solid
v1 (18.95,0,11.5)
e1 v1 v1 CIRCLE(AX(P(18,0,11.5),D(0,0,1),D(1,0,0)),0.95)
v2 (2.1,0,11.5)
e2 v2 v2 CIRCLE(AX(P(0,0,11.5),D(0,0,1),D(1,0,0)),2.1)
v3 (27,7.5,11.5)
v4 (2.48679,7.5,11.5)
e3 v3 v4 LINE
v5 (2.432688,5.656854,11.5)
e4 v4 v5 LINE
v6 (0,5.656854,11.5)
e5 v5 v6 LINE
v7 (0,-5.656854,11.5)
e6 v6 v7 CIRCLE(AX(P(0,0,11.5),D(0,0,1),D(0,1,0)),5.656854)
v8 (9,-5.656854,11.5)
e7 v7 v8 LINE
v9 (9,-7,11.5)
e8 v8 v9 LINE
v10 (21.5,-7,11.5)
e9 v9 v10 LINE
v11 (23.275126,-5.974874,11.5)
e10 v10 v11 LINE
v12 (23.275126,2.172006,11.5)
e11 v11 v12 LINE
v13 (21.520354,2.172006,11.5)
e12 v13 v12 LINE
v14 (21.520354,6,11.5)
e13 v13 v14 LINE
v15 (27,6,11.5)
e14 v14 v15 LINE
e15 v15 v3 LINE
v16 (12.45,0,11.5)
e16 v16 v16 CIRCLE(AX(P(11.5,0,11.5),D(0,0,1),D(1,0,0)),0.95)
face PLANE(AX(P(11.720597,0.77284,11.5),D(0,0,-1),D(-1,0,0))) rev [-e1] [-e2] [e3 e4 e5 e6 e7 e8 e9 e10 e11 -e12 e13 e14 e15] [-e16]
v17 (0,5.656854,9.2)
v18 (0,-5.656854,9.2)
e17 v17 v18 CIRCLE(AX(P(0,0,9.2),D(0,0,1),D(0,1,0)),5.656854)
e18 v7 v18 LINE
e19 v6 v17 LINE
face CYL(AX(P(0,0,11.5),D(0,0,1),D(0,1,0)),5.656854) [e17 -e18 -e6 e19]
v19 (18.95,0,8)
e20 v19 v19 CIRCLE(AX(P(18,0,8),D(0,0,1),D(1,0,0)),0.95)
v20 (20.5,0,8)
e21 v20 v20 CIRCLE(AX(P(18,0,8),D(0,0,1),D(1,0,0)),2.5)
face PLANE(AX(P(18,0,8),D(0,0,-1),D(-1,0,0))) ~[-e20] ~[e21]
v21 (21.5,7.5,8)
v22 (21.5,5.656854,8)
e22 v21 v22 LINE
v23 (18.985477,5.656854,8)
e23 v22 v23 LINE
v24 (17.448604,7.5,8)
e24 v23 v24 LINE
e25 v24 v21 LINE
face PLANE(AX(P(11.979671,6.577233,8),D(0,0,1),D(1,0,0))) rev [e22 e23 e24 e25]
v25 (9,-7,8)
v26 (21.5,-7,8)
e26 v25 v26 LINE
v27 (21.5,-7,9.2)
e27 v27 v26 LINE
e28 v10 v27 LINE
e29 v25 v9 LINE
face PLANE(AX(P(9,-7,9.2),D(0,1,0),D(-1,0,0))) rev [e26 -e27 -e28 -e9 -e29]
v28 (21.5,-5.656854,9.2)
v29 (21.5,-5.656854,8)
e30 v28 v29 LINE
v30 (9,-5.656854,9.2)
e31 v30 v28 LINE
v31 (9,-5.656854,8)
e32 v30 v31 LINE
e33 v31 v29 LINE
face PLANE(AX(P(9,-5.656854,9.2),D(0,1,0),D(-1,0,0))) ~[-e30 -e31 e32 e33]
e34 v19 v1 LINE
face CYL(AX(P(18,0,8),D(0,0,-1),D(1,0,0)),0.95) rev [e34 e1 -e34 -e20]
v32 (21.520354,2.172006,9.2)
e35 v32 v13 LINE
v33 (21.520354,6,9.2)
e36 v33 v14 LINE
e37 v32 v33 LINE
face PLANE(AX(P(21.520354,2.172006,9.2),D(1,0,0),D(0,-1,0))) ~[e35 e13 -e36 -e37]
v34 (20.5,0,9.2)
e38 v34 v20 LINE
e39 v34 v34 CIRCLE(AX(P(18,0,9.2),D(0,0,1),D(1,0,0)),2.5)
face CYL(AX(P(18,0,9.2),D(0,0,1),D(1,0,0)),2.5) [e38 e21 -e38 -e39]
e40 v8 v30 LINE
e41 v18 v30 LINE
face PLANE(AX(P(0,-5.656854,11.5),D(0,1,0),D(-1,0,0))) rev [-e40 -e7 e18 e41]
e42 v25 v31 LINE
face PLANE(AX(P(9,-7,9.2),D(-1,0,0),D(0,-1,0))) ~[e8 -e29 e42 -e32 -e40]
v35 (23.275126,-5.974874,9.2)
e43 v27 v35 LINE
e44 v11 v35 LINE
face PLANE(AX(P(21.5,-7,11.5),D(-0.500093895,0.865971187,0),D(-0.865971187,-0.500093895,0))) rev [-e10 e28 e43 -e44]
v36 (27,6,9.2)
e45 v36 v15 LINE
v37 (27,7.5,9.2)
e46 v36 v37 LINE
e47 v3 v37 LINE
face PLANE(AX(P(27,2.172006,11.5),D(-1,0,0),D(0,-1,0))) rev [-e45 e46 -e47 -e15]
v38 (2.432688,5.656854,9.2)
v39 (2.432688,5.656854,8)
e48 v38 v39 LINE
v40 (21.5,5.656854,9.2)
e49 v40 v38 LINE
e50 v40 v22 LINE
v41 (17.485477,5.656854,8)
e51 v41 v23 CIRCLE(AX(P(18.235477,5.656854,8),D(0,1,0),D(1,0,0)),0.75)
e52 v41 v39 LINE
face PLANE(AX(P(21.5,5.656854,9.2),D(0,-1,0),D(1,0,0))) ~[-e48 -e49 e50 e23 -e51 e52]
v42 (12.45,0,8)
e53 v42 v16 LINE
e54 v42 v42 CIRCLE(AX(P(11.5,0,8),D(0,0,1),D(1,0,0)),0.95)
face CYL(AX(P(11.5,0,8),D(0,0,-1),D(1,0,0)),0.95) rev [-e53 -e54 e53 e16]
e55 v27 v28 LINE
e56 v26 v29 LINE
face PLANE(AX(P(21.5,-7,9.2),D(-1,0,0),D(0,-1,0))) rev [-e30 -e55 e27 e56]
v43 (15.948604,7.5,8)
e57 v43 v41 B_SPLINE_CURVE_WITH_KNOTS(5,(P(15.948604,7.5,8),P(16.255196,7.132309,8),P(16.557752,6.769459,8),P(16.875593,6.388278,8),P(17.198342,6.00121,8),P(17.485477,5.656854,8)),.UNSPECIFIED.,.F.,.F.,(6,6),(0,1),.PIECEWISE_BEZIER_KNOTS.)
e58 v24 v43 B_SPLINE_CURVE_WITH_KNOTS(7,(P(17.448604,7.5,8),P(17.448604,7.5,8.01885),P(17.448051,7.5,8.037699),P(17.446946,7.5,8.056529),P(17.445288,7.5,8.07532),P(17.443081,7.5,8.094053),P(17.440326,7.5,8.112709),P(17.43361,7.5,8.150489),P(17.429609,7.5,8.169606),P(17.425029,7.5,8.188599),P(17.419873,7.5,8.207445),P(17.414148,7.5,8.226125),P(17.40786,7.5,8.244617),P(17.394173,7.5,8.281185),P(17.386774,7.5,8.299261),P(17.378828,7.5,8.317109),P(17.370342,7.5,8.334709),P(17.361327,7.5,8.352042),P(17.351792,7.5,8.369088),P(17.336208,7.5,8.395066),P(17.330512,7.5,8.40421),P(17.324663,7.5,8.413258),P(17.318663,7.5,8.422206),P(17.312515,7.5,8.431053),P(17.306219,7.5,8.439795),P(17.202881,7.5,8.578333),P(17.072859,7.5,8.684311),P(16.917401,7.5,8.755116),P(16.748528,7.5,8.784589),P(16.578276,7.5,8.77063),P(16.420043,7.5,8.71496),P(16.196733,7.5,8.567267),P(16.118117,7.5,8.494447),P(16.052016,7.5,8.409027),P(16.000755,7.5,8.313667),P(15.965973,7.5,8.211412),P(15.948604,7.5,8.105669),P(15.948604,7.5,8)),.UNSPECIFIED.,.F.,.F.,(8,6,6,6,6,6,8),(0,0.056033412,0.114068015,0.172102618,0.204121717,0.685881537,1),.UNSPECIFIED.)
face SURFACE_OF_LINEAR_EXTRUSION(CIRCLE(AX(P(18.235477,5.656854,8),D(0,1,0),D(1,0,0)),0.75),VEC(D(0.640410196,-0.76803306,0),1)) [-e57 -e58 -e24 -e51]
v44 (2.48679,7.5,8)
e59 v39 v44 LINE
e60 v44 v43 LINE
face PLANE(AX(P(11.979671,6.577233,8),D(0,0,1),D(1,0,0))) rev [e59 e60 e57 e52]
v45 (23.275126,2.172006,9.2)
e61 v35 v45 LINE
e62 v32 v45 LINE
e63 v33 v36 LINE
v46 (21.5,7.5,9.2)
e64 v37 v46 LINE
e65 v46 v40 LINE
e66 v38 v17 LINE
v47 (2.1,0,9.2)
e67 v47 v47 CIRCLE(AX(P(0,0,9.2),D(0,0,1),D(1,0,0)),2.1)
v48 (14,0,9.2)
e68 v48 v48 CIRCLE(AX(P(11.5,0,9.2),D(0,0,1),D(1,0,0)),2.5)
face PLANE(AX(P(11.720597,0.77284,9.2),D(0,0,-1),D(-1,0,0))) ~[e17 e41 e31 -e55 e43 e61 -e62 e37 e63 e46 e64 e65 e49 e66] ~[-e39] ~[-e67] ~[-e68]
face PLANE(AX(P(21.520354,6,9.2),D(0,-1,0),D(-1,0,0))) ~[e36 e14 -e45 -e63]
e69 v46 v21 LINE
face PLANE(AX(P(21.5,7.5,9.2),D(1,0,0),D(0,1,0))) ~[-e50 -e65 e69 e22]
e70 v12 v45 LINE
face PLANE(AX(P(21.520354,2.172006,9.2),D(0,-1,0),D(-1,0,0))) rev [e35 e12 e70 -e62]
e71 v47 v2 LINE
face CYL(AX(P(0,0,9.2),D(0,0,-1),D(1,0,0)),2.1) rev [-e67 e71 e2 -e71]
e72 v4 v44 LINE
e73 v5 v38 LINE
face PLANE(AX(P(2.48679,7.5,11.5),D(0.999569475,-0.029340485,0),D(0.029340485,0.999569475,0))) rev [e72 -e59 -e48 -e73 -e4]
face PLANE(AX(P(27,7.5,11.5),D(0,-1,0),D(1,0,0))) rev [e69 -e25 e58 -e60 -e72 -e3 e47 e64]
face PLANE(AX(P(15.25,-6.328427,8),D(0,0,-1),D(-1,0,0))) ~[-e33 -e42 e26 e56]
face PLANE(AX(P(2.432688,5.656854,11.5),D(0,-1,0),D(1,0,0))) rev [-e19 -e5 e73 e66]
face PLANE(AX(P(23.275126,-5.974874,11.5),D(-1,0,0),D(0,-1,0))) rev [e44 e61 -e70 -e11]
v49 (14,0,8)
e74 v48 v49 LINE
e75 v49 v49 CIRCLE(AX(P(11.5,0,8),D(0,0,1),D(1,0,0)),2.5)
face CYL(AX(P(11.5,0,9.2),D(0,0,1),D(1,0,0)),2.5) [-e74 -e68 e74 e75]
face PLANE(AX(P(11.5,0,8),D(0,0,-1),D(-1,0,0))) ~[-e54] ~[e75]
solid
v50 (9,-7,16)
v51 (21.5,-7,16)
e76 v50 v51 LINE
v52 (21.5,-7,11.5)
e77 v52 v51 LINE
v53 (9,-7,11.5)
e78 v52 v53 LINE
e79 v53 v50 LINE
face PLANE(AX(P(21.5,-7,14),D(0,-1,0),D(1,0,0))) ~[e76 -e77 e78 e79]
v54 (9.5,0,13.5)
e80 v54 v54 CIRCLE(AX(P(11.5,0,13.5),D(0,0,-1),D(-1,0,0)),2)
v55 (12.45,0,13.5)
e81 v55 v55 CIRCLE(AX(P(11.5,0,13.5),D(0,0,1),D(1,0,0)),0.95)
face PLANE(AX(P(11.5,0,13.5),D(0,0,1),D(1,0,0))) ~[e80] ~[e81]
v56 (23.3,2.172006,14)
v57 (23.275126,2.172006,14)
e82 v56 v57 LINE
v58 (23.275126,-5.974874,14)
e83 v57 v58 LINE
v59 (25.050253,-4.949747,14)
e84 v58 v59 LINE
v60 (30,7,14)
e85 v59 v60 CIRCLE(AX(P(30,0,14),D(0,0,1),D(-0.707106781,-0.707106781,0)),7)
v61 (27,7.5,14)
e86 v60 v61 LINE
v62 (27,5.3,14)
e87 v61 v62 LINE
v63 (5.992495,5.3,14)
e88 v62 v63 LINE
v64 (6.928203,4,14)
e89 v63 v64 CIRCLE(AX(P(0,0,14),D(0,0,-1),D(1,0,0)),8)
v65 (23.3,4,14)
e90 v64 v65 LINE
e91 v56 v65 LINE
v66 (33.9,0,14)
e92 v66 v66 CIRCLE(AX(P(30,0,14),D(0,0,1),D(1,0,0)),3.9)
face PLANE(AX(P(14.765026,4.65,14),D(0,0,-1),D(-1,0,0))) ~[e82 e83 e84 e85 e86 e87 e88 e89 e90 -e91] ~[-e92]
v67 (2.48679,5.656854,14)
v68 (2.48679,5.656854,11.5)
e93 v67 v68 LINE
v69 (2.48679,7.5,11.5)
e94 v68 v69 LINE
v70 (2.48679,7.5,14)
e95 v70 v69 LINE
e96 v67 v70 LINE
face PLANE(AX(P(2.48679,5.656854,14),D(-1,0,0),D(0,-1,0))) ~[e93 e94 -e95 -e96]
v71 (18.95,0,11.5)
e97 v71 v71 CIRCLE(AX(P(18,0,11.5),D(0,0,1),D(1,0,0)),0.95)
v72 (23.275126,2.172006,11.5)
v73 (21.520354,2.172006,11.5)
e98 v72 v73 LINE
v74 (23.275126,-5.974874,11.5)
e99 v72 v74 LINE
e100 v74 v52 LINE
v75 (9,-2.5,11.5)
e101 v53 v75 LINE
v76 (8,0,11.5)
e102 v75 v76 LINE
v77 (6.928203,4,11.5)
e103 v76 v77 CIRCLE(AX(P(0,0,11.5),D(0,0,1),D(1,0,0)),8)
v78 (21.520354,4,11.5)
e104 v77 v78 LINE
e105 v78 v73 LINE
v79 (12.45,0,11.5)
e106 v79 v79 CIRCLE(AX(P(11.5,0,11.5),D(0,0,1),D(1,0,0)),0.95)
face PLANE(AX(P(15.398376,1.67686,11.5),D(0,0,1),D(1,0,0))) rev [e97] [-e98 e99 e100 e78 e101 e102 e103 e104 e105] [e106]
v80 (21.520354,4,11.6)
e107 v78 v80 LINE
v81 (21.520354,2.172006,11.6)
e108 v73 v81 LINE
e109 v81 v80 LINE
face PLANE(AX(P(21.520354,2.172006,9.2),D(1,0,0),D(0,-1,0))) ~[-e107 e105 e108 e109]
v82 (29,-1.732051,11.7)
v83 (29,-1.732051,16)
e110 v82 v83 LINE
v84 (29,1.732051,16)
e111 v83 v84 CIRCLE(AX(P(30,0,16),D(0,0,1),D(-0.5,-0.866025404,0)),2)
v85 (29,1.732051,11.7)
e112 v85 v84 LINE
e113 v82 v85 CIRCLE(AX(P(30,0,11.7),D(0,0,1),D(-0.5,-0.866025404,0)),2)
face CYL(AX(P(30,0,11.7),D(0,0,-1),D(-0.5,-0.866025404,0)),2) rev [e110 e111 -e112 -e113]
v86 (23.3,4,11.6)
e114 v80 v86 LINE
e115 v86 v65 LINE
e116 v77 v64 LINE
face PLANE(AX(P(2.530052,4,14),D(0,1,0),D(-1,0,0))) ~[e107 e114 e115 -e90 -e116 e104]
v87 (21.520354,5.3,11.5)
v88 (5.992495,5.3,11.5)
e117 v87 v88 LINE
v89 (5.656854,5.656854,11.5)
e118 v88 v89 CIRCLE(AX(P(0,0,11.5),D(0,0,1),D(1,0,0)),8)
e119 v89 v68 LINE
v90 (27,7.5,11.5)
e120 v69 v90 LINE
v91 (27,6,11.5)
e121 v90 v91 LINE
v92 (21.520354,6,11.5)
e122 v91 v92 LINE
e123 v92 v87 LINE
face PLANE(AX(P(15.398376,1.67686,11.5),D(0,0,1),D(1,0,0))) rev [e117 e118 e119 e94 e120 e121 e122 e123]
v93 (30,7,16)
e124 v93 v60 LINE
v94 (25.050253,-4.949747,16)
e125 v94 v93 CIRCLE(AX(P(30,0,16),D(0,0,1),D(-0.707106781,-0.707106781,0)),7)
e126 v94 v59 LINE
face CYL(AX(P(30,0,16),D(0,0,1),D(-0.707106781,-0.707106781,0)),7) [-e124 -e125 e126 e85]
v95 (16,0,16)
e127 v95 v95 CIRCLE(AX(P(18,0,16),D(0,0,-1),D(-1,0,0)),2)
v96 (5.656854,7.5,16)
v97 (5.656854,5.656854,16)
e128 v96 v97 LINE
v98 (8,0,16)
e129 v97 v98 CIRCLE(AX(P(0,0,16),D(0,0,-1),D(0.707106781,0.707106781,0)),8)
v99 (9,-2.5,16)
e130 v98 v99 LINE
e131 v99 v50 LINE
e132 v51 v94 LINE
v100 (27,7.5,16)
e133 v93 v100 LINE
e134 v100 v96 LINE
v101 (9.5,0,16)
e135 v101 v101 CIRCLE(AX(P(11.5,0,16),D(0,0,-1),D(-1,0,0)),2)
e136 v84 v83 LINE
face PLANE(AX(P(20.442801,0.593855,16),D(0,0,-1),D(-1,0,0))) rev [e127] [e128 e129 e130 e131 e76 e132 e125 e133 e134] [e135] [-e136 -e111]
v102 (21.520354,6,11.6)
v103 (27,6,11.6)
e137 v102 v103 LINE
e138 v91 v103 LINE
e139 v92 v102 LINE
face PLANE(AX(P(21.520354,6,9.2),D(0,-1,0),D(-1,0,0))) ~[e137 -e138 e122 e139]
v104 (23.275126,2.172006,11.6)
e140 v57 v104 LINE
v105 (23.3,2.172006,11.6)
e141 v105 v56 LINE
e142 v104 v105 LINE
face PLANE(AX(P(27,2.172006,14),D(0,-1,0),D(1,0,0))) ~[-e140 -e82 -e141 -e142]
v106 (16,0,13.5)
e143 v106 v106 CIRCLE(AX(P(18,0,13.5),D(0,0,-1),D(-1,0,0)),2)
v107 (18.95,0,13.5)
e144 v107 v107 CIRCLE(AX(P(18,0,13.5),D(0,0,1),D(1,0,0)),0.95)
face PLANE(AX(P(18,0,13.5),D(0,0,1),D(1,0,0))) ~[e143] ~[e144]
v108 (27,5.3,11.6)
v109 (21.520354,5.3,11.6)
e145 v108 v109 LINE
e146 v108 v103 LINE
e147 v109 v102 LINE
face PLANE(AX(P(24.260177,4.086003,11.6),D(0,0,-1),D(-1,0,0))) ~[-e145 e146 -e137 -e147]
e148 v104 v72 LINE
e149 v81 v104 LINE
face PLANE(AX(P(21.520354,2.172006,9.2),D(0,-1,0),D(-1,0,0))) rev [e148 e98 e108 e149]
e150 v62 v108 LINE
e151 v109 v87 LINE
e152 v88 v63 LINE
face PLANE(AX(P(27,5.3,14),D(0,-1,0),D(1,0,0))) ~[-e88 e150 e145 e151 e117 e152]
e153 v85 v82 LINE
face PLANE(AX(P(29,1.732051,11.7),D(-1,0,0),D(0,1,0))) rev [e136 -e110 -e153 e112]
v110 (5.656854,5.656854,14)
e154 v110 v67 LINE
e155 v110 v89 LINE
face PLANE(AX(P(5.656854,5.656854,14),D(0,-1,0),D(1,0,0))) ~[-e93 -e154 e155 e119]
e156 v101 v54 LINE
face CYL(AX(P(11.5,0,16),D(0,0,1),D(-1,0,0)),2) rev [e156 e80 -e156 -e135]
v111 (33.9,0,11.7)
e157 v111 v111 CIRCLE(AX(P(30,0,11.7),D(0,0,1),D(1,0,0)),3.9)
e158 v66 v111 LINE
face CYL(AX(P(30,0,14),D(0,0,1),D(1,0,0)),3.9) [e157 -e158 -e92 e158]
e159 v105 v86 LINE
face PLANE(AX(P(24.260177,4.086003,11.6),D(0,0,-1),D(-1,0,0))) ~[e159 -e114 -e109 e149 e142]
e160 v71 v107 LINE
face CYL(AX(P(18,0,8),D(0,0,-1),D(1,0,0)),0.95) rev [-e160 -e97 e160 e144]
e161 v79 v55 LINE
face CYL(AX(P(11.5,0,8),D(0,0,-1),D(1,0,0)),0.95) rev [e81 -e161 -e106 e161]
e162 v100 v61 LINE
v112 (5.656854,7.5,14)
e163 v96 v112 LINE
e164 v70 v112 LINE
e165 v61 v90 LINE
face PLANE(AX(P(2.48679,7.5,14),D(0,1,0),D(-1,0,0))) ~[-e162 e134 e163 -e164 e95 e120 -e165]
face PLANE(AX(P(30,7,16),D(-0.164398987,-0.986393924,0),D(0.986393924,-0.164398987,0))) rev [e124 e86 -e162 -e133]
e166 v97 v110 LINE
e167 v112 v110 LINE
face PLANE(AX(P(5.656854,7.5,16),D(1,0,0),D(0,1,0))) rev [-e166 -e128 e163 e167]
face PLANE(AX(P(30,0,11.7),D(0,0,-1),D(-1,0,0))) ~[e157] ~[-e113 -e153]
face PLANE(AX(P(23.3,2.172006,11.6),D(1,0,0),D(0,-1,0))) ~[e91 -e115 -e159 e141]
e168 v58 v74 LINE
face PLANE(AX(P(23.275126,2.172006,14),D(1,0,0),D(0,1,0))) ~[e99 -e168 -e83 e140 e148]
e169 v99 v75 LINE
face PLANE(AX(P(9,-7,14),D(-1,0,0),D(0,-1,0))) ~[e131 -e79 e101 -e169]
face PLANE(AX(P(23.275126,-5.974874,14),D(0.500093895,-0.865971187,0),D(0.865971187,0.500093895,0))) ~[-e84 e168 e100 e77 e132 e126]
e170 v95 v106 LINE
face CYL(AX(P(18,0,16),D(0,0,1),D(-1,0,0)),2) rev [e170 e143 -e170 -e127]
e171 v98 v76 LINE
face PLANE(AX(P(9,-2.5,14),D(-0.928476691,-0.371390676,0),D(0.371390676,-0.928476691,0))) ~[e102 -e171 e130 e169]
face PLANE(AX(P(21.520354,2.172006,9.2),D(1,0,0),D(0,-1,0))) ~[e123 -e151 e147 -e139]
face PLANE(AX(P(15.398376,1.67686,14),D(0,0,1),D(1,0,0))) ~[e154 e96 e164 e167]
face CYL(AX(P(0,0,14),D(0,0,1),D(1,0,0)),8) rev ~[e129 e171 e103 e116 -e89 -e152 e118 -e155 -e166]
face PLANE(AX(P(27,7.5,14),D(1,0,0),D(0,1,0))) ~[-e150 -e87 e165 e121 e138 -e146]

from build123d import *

# Parameters (mm, degrees)
BOSS_EXTRUDE1_DEPTH  = 2
BOSS_EXTRUDE6_DEPTH  = 2.5
CUT_EXTRUDE6_DEPTH   = 2.5
BOSS_EXTRUDE14_DEPTH = 2.3
SKETCH32_R           = 2.1
CUT_EXTRUDE7_DEPTH   = 2.3
SKETCH33_W           = 12.5
SKETCH33_H           = 1.343145751
BOSS_EXTRUDE15_DEPTH = 1.2
SKETCH35_W           = 5.479645997
SKETCH35_H           = 3.827993755
CUT_EXTRUDE8_DEPTH   = 2.4
SKETCH36_W           = 3.7
SKETCH36_H           = 1.827993755
CUT_EXTRUDE9_DEPTH   = 2.4
SKETCH37_R           = 3.9
BOSS_EXTRUDE16_DEPTH = 2.3
CUT_EXTRUDE10_DEPTH  = 5.3
SKETCH43_R           = 2.5
BOSS_EXTRUDE17_DEPTH = 1.2
SKETCH44_R           = 0.95
CUT_EXTRUDE11_DEPTH  = 9
SKETCH45_R           = 2
CUT_EXTRUDE12_DEPTH  = 2.5
SKETCH52_R           = 0.75
CUT_EXTRUDE13_DEPTH  = 10


with BuildPart() as part:
    # Sketch3 → Boss-Extrude1 (new body)
    with BuildSketch(Plane.XY):
        with BuildLine():
            Line((8, 0), (9, -2.5))
            Line((9, -2.5), (9, -7))
            Line((9, -7), (21.5, -7))
            Line((21.5, -7), (25.050252532, -4.949747468))
            ThreePointArc((25.050252532, -4.949747468), (36.467156728, -2.678784027), (30, 7))
            Line((30, 7), (27, 7.5))
            Line((27, 7.5), (5.656854249, 7.5))
            Line((5.656854249, 7.5), (5.656854249, 5.656854249))
            ThreePointArc((5.656854249, 5.656854249), (7.39103626, 3.061467459), (8, 0))
        make_face()
    extrude(amount=BOSS_EXTRUDE1_DEPTH)

    # Sketch22 → Boss-Extrude6 (add)
    with BuildSketch(Plane.XY.offset(2)):
        with BuildLine():
            Line((5.656854249, 5.656854249), (2.486790148, 5.656854249))
            Line((2.486790148, 5.656854249), (2.486790148, 7.5))
            Line((2.486790148, 7.5), (5.656854249, 7.5))
            Line((5.656854249, 7.5), (21.5, 7.5))
            Line((21.5, 7.5), (27, 7.5))
            Line((27, 7.5), (27, 2.172006245))
            Line((27, 2.172006245), (23.275126266, 2.172006245))
            Line((23.275126266, 2.172006245), (23.275126266, -5.974873734))
            Line((23.275126266, -5.974873734), (21.5, -7))
            Line((21.5, -7), (9, -7))
            Line((9, -7), (9, -2.5))
            Line((9, -2.5), (8, 0))
            ThreePointArc((8, 0), (7.39103626, 3.061467459), (5.656854249, 5.656854249))
        make_face()
    extrude(amount=BOSS_EXTRUDE6_DEPTH)

    # Sketch26 → Cut-Extrude6 (cut)
    with BuildSketch(Plane.XY.offset(2)):
        Polygon((18.098080448, 5.3), (2.530052458, 5.3), (2.530052458, 4), (18.098080448, 4), (27, 4), (27, 5.3), align=None)
    extrude(amount=CUT_EXTRUDE6_DEPTH, mode=Mode.SUBTRACT)


with BuildPart() as body_2:
    # Sketch31 → Boss-Extrude14 (new body)
    with BuildSketch(Plane.XY.offset(4.5)):
        with BuildLine():
            Line((2.432688066, 5.656854249), (0, 5.656854249))
            ThreePointArc((0, 5.656854249), (-5.656854249, 0), (0, -5.656854249))
            Line((0, -5.656854249), (9, -5.656854249))
            Line((9, -5.656854249), (9, -7))
            Line((9, -7), (21.5, -7))
            Line((21.5, -7), (23.275126266, -5.974873734))
            Line((23.275126266, -5.974873734), (23.275126266, 2.172006245))
            Line((23.275126266, 2.172006245), (27, 2.172006245))
            Line((27, 2.172006245), (27, 7.5))
            Line((27, 7.5), (2.486790148, 7.5))
            Line((2.486790148, 7.5), (2.432688066, 5.656854249))
        make_face()
    extrude(amount=BOSS_EXTRUDE14_DEPTH)

    # Sketch32 → Cut-Extrude7 (cut)
    with BuildSketch(Plane.XY.offset(6.8)):
        Circle(SKETCH32_R)
    extrude(amount=-CUT_EXTRUDE7_DEPTH, mode=Mode.SUBTRACT)

    # Sketch33 → Boss-Extrude15 (add)
    with BuildSketch(Plane.XY.offset(6.8)):
        with Locations((15.25, -6.328427125)):
            Rectangle(SKETCH33_W, SKETCH33_H)
        Polygon((2.486790148, 7.5), (21.5, 7.5), (21.5, 5.656854249), (2.432688066, 5.656854249), align=None)
    extrude(amount=BOSS_EXTRUDE15_DEPTH)


with BuildPart() as cut_extrude8_tool:
    # Sketch35 → Cut-Extrude8 (new body)
    with BuildSketch(Plane.XY.offset(6.8)):
        with Locations((24.260177002, 4.086003123)):
            Rectangle(SKETCH35_W, SKETCH35_H)
    extrude(amount=-CUT_EXTRUDE8_DEPTH)


with BuildPart() as part_1:
    add(part.part)

    # Cut-Extrude8: cut by cut_extrude8_tool
    add(cut_extrude8_tool.part, mode=Mode.SUBTRACT)

    # Sketch36 → Cut-Extrude9 (cut)
    with BuildSketch(Plane.XY.offset(4.4)):
        with Locations((25.15, 3.086003123)):
            Rectangle(SKETCH36_W, SKETCH36_H)
    extrude(amount=-CUT_EXTRUDE9_DEPTH, mode=Mode.SUBTRACT)

    # Sketch37 → Boss-Extrude16 (add)
    with BuildSketch(Plane.XY.offset(2)):
        with Locations((30, 0)):
            Circle(SKETCH37_R)
    extrude(amount=BOSS_EXTRUDE16_DEPTH)

    # Sketch39 → Cut-Extrude10 (cut, through all)
    with BuildSketch(Plane.XY.offset(4.3)):
        with BuildLine():
            Line((29, 1.732050808), (29, -1.732050808))
            ThreePointArc((29, -1.732050808), (32, 0), (29, 1.732050808))
        make_face()
    extrude(amount=-CUT_EXTRUDE10_DEPTH, mode=Mode.SUBTRACT)


with BuildPart() as body_2_1:
    add(body_2.part)

    # Cut-Extrude8: cut by cut_extrude8_tool
    add(cut_extrude8_tool.part, mode=Mode.SUBTRACT)

    # Sketch43 → Boss-Extrude17 (add)
    with BuildSketch(Plane.XY.offset(6.8)):
        with Locations((11.5, 0)):
            Circle(SKETCH43_R)
        with Locations((18, 0)):
            Circle(SKETCH43_R)
    extrude(amount=BOSS_EXTRUDE17_DEPTH)


with BuildPart() as cut_extrude11_tool:
    # Sketch44 → Cut-Extrude11 (new body, through all)
    with BuildSketch(Plane.XY.offset(8)):
        with Locations((11.5, 0)):
            Circle(SKETCH44_R)
        with Locations((18, 0)):
            Circle(SKETCH44_R)
    extrude(amount=-CUT_EXTRUDE11_DEPTH)


with BuildPart() as part_2:
    add(part_1.part)

    # Cut-Extrude11: cut by cut_extrude11_tool
    add(cut_extrude11_tool.part, mode=Mode.SUBTRACT)

    # Sketch45 → Cut-Extrude12 (cut)
    with BuildSketch(Plane(origin=(0, 0, 0), x_dir=(-1, 0, 0), z_dir=(0, 0, -1))):
        with Locations((-11.5, 0)):
            Circle(SKETCH45_R)
        with Locations((-18, 0)):
            Circle(SKETCH45_R)
    extrude(amount=-CUT_EXTRUDE12_DEPTH, mode=Mode.SUBTRACT)


with BuildPart() as body_2_2:
    add(body_2_1.part)

    # Cut-Extrude11: cut by cut_extrude11_tool
    add(cut_extrude11_tool.part, mode=Mode.SUBTRACT)

    # Sketch52 → Cut-Extrude13 (cut, along a direction that is not the sketch's normal)
    with BuildSketch(Plane.XZ.offset(-5.656854249)):
        with Locations((18.235476819, 8)):
            Circle(SKETCH52_R)
    extrude(amount=-CUT_EXTRUDE13_DEPTH, dir=(0.640410196, -0.76803306, 0), mode=Mode.SUBTRACT)


with BuildPart() as body_3:
    # Mirror1: mirrored copy
    add(body_2_2.part.mirror(Plane.XY.offset(8)))


with BuildPart() as body_4:
    # Mirror1 2: mirrored copy
    add(part_2.part.mirror(Plane.XY.offset(8)))


solid = Compound([body_3.part, body_4.part])
